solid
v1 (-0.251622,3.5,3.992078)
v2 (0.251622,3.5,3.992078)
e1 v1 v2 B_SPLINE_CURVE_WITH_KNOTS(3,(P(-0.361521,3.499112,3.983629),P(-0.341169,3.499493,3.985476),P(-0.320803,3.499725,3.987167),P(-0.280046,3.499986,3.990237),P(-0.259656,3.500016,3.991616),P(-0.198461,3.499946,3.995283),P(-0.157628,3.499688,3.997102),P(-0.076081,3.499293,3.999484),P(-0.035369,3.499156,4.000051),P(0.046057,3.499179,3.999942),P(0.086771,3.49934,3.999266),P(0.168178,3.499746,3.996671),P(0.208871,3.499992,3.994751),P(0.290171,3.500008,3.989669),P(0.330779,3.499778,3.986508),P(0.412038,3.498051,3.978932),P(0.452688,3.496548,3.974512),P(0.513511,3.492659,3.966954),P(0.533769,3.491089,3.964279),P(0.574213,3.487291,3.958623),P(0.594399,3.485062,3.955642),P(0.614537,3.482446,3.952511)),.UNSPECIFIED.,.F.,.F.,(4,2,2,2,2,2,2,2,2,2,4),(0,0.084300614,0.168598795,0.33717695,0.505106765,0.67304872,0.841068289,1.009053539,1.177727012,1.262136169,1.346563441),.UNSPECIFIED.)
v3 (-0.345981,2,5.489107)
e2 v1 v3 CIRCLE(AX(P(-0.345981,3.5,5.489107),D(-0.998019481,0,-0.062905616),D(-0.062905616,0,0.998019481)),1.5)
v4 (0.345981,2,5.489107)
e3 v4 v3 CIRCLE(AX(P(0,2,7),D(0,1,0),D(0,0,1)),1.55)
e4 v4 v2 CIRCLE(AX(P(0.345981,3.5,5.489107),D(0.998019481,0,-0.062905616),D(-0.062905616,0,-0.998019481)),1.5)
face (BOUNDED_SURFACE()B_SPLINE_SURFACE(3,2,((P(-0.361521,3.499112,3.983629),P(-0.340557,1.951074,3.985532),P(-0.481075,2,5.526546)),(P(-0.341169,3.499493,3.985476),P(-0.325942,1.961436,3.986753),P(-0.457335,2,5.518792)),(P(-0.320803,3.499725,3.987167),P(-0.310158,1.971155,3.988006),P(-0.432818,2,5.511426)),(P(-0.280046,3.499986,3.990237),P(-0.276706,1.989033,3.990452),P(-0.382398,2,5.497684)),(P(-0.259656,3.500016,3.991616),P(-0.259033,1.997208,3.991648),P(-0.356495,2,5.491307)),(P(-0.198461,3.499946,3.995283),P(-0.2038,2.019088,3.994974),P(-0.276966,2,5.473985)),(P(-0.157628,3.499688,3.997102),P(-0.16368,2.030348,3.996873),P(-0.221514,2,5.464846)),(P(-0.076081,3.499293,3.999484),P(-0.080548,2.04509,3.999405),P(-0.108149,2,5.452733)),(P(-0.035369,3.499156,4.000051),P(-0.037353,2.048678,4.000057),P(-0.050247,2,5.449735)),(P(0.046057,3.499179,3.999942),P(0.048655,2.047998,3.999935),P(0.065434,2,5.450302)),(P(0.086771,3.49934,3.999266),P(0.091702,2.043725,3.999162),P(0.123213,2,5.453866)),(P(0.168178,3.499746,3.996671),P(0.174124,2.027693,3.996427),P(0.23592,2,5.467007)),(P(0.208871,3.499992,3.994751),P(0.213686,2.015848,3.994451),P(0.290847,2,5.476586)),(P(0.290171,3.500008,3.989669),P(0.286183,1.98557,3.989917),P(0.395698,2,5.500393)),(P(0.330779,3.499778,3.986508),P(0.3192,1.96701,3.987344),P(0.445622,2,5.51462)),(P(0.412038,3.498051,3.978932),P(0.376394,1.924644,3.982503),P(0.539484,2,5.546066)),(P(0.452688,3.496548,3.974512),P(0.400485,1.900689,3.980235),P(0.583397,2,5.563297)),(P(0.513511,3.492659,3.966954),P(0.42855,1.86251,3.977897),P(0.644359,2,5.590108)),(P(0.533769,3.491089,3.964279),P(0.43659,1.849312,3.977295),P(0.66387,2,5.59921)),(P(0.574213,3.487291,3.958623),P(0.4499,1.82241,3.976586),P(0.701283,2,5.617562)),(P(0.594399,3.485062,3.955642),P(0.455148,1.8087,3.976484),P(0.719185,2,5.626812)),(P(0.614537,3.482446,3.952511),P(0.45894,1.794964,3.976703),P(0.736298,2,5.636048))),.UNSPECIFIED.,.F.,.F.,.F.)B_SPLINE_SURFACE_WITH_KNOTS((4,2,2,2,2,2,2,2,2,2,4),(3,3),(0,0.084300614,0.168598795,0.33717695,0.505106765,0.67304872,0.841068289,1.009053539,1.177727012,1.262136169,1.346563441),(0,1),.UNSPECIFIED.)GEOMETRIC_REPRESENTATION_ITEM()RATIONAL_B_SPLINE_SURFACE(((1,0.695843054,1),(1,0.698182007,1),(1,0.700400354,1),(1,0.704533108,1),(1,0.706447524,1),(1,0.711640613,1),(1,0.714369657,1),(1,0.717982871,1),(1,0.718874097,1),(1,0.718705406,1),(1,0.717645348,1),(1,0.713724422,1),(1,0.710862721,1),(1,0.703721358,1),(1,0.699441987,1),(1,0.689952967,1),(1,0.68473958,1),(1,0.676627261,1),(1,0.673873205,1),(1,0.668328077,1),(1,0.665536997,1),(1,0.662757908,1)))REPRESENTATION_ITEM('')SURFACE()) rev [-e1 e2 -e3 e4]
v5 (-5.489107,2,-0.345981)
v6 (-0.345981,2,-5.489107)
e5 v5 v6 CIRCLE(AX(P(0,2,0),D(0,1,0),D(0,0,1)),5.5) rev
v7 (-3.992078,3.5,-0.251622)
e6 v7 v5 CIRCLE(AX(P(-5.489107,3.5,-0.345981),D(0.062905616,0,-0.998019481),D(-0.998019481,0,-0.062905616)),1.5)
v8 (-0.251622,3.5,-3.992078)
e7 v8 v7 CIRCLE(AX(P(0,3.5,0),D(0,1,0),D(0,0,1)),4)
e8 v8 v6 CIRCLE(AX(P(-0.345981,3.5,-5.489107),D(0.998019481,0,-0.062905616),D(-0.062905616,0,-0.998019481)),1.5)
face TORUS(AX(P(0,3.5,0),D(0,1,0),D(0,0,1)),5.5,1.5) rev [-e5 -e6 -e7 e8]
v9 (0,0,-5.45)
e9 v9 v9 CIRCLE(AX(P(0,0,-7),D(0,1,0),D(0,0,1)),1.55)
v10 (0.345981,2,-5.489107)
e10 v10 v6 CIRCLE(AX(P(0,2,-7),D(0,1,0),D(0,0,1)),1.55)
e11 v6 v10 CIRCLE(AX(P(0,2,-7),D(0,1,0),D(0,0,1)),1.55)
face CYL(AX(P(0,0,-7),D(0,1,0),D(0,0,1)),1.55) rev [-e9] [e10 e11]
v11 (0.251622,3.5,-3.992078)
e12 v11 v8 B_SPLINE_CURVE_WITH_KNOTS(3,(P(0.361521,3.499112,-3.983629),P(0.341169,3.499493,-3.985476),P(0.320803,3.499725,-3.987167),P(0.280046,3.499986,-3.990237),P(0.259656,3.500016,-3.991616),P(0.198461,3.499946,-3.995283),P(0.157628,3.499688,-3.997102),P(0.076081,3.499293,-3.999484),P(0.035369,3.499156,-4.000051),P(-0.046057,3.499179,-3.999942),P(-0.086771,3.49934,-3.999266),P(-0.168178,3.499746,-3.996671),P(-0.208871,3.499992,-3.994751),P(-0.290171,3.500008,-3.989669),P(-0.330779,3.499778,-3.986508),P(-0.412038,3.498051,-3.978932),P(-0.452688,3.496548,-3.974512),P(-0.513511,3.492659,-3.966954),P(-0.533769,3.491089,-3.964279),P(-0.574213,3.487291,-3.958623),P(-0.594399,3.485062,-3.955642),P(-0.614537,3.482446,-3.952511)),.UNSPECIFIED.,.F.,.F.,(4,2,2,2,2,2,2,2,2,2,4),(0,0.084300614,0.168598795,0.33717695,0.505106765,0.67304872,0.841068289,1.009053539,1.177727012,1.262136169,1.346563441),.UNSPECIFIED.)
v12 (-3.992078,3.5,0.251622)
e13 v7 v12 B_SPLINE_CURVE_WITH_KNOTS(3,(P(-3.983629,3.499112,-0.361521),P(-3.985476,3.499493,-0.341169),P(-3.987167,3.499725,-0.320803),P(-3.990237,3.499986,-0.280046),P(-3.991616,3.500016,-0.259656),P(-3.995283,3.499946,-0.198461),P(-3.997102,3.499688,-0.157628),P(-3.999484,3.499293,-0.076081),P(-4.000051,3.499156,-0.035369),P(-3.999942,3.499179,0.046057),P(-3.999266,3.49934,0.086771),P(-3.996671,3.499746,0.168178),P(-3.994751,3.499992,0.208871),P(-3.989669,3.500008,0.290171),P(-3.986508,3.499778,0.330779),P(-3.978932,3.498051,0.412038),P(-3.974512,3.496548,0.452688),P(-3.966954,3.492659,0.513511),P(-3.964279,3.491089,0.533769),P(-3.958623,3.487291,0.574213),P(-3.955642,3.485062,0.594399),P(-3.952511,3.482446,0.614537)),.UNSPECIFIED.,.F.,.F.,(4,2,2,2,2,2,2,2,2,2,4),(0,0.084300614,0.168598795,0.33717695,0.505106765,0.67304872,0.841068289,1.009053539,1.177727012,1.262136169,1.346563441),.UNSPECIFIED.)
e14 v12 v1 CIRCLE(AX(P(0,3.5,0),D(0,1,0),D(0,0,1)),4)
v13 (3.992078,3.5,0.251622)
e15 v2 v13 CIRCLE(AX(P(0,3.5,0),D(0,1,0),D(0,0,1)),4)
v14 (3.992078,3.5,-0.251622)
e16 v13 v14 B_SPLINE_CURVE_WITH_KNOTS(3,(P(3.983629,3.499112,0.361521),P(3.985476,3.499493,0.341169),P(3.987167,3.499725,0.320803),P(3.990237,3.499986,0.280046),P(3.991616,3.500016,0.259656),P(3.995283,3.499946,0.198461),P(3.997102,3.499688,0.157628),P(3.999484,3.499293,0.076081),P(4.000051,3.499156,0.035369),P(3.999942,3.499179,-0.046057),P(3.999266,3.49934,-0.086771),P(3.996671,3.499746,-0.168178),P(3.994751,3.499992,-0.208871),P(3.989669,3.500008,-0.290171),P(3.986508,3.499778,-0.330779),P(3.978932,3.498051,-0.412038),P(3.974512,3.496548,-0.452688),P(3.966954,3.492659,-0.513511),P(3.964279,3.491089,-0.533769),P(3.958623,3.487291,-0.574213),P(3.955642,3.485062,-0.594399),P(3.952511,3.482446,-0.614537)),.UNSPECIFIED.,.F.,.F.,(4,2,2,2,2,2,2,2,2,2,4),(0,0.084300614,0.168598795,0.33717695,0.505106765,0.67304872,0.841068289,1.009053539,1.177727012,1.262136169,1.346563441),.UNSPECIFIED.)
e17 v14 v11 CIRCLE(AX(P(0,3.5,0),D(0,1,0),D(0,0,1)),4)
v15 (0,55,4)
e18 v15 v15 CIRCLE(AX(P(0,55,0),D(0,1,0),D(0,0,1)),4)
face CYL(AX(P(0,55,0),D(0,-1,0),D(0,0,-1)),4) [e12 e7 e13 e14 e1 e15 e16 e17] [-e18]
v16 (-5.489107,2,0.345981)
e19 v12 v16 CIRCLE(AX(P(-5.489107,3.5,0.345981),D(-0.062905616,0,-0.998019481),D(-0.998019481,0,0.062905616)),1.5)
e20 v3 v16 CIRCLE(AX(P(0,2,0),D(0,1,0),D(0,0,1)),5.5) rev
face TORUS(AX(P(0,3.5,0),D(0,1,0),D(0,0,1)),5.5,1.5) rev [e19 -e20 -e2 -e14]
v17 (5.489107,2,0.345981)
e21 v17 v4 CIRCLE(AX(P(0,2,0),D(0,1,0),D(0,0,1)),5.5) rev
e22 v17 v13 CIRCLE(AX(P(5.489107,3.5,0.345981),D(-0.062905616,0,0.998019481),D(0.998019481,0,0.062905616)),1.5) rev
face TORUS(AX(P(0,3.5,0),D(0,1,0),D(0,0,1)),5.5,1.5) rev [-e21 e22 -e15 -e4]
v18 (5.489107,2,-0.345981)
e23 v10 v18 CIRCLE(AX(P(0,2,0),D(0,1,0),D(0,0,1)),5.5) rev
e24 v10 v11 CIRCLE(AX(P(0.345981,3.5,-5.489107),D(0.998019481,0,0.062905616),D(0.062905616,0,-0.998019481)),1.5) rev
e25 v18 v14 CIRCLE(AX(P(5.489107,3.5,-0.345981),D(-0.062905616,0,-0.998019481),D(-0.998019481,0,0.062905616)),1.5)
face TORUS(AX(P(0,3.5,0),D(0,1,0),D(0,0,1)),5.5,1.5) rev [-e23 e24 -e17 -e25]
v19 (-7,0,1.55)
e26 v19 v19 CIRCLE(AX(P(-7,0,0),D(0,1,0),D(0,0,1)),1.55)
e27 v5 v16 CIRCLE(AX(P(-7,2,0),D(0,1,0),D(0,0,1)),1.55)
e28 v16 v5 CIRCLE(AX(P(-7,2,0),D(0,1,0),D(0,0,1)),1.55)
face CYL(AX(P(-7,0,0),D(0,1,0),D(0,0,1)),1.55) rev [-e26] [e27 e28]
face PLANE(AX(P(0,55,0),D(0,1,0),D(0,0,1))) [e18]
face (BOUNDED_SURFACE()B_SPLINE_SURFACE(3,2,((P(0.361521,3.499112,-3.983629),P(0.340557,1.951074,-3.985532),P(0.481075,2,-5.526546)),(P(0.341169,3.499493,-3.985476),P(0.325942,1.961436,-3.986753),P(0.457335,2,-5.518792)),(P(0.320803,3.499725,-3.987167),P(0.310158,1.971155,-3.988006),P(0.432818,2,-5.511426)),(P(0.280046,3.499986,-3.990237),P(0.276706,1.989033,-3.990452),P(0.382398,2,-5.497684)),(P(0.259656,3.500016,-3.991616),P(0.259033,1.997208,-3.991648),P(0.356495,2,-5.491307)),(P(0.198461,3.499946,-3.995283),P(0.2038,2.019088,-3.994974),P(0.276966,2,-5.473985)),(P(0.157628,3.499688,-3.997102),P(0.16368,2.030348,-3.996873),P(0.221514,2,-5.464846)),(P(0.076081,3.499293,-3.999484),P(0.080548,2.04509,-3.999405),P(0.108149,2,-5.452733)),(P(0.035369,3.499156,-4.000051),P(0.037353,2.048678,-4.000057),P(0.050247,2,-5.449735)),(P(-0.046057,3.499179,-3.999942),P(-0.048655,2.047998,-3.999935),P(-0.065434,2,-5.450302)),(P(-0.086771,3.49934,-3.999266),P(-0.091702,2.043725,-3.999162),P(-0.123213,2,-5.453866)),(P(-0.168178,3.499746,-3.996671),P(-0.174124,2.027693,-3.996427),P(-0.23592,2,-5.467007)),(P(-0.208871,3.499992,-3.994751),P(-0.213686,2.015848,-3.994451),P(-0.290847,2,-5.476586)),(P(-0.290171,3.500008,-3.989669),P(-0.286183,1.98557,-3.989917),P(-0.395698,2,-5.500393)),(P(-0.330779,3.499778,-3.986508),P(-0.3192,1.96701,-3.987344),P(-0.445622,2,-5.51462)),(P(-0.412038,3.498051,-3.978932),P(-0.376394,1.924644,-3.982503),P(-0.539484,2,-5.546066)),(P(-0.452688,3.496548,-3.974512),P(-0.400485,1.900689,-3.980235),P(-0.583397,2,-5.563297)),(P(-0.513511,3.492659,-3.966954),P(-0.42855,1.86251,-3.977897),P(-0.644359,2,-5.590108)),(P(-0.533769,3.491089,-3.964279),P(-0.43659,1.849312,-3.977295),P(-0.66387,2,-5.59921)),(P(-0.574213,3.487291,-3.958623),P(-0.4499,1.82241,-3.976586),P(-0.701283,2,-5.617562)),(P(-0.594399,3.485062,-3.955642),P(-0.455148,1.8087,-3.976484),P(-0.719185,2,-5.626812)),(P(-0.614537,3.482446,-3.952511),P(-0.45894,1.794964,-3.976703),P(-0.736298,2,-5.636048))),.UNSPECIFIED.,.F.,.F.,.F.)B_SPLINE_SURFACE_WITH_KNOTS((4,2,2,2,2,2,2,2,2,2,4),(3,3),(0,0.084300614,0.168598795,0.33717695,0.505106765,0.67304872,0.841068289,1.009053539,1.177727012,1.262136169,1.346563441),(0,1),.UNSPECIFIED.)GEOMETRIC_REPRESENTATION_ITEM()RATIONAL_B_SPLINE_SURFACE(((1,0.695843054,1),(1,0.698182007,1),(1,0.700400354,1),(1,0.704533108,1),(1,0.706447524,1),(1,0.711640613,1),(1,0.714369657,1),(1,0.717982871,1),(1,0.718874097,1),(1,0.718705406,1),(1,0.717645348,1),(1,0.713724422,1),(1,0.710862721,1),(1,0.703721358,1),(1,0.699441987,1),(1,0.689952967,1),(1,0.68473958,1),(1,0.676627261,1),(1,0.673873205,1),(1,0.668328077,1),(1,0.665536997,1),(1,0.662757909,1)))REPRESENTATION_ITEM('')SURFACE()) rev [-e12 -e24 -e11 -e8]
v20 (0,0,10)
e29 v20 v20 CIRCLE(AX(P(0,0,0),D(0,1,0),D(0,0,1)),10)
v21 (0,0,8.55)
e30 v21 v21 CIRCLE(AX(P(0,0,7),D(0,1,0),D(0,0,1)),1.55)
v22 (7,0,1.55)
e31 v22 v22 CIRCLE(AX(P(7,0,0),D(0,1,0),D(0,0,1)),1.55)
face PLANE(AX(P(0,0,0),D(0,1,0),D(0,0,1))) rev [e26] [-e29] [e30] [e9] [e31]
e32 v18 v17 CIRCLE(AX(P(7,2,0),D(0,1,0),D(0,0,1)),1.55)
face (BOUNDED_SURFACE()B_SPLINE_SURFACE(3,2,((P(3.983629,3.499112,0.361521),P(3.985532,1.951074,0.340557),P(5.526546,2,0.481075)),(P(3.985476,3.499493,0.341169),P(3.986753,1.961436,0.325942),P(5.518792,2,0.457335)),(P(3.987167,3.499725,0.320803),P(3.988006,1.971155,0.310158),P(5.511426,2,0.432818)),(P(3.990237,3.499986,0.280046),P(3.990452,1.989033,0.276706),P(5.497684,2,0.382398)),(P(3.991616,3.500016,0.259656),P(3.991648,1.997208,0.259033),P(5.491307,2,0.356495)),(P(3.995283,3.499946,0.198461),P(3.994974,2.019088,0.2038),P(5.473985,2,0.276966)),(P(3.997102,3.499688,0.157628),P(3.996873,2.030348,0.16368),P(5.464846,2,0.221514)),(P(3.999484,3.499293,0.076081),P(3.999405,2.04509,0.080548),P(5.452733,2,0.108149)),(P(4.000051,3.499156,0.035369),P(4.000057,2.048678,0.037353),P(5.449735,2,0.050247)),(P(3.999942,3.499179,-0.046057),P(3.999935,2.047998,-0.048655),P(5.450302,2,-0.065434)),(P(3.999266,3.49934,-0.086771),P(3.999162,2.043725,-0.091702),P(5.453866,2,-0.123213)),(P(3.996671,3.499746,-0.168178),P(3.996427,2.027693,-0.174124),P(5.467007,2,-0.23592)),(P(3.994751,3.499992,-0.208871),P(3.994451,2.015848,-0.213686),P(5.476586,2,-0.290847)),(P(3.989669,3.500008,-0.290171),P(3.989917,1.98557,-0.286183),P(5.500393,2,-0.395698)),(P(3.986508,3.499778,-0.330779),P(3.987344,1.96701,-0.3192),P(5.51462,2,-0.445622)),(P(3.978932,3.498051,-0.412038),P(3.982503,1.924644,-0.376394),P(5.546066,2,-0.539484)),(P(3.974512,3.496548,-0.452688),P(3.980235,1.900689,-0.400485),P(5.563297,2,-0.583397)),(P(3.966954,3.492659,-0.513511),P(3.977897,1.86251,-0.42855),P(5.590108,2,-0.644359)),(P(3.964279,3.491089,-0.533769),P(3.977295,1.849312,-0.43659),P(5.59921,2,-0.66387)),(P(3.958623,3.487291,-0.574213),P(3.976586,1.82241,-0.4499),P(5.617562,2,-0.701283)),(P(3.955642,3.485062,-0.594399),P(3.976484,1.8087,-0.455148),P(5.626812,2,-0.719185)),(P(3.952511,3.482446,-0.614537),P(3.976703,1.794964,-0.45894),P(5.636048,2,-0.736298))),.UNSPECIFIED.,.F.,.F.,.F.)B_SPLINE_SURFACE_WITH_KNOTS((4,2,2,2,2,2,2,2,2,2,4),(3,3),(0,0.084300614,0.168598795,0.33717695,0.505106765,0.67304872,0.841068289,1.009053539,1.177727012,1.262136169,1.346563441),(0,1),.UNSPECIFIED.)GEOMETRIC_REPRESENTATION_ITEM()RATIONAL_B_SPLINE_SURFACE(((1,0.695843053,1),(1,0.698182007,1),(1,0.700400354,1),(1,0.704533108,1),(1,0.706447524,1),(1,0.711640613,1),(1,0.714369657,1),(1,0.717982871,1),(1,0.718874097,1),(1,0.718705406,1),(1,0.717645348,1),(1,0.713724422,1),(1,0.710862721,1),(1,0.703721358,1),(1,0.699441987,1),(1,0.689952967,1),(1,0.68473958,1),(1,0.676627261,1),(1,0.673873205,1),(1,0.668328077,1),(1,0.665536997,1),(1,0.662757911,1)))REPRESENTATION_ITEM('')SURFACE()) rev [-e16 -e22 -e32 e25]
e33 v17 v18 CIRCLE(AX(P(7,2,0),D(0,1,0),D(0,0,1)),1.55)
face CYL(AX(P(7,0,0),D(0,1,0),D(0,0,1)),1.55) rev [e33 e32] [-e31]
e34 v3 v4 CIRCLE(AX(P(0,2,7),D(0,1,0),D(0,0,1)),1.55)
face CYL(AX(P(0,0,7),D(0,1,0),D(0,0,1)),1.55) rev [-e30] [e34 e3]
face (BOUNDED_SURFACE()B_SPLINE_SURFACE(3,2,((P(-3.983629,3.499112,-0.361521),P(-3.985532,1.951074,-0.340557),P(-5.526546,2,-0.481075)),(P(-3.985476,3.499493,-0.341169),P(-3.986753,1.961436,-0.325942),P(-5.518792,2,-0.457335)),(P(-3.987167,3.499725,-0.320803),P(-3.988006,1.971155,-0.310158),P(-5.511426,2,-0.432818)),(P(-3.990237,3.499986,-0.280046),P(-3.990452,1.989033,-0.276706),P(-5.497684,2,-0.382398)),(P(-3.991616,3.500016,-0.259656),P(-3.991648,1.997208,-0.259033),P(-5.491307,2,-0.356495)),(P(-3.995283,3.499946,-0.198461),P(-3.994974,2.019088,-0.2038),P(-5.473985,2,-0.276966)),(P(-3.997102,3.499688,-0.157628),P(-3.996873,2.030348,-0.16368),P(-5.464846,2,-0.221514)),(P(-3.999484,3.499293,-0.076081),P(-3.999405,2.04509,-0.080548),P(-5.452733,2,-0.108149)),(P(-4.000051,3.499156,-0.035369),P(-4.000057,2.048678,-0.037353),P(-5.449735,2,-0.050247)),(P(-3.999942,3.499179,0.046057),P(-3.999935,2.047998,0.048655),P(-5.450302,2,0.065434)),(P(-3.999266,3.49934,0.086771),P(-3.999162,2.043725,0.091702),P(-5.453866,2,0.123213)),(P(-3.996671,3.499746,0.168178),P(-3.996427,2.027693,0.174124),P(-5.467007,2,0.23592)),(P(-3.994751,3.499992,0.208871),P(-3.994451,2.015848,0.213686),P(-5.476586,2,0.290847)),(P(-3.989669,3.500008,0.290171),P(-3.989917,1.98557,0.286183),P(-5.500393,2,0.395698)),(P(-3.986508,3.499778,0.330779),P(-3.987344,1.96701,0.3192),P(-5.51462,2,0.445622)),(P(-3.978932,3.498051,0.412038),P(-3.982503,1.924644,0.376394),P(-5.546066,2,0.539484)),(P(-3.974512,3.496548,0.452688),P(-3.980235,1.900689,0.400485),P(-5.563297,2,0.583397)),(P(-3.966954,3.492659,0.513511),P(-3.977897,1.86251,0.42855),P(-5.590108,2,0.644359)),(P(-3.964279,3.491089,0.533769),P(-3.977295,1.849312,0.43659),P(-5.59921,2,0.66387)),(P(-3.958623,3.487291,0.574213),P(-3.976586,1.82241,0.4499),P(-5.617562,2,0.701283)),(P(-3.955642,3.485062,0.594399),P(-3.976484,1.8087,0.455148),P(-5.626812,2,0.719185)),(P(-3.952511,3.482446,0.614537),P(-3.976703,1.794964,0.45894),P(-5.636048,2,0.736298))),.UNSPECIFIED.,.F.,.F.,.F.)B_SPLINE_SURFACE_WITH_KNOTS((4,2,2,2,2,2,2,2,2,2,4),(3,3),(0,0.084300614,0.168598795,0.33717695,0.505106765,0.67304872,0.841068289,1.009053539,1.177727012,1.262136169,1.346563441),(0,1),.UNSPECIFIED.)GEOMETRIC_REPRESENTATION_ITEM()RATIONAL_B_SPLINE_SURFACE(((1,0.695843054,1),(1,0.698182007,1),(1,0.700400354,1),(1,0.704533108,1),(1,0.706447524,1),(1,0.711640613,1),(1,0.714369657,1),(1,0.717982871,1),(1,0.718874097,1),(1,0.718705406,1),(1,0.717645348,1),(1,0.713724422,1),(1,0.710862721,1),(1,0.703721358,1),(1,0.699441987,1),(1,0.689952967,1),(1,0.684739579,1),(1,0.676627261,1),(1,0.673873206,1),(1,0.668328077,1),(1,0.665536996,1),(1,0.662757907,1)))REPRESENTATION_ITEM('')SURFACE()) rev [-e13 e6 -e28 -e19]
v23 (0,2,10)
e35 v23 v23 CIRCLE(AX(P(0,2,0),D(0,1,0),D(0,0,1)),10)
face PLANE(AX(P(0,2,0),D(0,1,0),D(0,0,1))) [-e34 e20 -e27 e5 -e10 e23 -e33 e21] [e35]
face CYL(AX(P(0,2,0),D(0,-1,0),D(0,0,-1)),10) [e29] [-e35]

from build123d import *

# Parameters (mm, degrees)
SKETCH_1_R          = 10
EXTRUDE_1_DEPTH     = 2
SKETCH_2_R          = 1.55
CUT_EXTRUDE_1_DEPTH = 2
SKETCH_3_R          = 4
EXTRUDE_2_DEPTH     = 53
FILLET_1_R          = 1.5


with BuildPart() as part:
    # 草图1 → 凸台-拉伸1 (new body)
    with BuildSketch(Plane(origin=(0, 0, 0), x_dir=(1, 0, 0), z_dir=(0, 1, 0))):
        with Locations(Location((0, 0, 0), (0, 0, 270))):
            Circle(SKETCH_1_R)
    extrude(amount=EXTRUDE_1_DEPTH)

    # 草图2 → 切除-拉伸1 (cut)
    with BuildSketch(Plane(origin=(0, 2, 0), x_dir=(1, 0, 0), z_dir=(0, 1, 0))):
        with Locations(Location((0, 7, 0), (0, 0, 270))):
            Circle(SKETCH_2_R)
        with Locations(Location((7, 0, 0), (0, 0, 270))):
            Circle(SKETCH_2_R)
        with Locations(Location((-7, 0, 0), (0, 0, 270))):
            Circle(SKETCH_2_R)
        with Locations(Location((0, -7, 0), (0, 0, 270))):
            Circle(SKETCH_2_R)
    extrude(amount=-CUT_EXTRUDE_1_DEPTH, mode=Mode.SUBTRACT)

    # 草图3 → 凸台-拉伸2 (add)
    with BuildSketch(Plane(origin=(0, 2, 0), x_dir=(1, 0, 0), z_dir=(0, 1, 0))):
        with Locations(Location((0, 0, 0), (0, 0, 270))):
            Circle(SKETCH_3_R)
    extrude(amount=EXTRUDE_2_DEPTH)

    # 圆角1
    fillet_1_edges = [part.edges().sort_by_distance(p)[0] for p in [
        (0, 2, -4),
    ]]
    fillet(fillet_1_edges, radius=FILLET_1_R)


solid = part.part
